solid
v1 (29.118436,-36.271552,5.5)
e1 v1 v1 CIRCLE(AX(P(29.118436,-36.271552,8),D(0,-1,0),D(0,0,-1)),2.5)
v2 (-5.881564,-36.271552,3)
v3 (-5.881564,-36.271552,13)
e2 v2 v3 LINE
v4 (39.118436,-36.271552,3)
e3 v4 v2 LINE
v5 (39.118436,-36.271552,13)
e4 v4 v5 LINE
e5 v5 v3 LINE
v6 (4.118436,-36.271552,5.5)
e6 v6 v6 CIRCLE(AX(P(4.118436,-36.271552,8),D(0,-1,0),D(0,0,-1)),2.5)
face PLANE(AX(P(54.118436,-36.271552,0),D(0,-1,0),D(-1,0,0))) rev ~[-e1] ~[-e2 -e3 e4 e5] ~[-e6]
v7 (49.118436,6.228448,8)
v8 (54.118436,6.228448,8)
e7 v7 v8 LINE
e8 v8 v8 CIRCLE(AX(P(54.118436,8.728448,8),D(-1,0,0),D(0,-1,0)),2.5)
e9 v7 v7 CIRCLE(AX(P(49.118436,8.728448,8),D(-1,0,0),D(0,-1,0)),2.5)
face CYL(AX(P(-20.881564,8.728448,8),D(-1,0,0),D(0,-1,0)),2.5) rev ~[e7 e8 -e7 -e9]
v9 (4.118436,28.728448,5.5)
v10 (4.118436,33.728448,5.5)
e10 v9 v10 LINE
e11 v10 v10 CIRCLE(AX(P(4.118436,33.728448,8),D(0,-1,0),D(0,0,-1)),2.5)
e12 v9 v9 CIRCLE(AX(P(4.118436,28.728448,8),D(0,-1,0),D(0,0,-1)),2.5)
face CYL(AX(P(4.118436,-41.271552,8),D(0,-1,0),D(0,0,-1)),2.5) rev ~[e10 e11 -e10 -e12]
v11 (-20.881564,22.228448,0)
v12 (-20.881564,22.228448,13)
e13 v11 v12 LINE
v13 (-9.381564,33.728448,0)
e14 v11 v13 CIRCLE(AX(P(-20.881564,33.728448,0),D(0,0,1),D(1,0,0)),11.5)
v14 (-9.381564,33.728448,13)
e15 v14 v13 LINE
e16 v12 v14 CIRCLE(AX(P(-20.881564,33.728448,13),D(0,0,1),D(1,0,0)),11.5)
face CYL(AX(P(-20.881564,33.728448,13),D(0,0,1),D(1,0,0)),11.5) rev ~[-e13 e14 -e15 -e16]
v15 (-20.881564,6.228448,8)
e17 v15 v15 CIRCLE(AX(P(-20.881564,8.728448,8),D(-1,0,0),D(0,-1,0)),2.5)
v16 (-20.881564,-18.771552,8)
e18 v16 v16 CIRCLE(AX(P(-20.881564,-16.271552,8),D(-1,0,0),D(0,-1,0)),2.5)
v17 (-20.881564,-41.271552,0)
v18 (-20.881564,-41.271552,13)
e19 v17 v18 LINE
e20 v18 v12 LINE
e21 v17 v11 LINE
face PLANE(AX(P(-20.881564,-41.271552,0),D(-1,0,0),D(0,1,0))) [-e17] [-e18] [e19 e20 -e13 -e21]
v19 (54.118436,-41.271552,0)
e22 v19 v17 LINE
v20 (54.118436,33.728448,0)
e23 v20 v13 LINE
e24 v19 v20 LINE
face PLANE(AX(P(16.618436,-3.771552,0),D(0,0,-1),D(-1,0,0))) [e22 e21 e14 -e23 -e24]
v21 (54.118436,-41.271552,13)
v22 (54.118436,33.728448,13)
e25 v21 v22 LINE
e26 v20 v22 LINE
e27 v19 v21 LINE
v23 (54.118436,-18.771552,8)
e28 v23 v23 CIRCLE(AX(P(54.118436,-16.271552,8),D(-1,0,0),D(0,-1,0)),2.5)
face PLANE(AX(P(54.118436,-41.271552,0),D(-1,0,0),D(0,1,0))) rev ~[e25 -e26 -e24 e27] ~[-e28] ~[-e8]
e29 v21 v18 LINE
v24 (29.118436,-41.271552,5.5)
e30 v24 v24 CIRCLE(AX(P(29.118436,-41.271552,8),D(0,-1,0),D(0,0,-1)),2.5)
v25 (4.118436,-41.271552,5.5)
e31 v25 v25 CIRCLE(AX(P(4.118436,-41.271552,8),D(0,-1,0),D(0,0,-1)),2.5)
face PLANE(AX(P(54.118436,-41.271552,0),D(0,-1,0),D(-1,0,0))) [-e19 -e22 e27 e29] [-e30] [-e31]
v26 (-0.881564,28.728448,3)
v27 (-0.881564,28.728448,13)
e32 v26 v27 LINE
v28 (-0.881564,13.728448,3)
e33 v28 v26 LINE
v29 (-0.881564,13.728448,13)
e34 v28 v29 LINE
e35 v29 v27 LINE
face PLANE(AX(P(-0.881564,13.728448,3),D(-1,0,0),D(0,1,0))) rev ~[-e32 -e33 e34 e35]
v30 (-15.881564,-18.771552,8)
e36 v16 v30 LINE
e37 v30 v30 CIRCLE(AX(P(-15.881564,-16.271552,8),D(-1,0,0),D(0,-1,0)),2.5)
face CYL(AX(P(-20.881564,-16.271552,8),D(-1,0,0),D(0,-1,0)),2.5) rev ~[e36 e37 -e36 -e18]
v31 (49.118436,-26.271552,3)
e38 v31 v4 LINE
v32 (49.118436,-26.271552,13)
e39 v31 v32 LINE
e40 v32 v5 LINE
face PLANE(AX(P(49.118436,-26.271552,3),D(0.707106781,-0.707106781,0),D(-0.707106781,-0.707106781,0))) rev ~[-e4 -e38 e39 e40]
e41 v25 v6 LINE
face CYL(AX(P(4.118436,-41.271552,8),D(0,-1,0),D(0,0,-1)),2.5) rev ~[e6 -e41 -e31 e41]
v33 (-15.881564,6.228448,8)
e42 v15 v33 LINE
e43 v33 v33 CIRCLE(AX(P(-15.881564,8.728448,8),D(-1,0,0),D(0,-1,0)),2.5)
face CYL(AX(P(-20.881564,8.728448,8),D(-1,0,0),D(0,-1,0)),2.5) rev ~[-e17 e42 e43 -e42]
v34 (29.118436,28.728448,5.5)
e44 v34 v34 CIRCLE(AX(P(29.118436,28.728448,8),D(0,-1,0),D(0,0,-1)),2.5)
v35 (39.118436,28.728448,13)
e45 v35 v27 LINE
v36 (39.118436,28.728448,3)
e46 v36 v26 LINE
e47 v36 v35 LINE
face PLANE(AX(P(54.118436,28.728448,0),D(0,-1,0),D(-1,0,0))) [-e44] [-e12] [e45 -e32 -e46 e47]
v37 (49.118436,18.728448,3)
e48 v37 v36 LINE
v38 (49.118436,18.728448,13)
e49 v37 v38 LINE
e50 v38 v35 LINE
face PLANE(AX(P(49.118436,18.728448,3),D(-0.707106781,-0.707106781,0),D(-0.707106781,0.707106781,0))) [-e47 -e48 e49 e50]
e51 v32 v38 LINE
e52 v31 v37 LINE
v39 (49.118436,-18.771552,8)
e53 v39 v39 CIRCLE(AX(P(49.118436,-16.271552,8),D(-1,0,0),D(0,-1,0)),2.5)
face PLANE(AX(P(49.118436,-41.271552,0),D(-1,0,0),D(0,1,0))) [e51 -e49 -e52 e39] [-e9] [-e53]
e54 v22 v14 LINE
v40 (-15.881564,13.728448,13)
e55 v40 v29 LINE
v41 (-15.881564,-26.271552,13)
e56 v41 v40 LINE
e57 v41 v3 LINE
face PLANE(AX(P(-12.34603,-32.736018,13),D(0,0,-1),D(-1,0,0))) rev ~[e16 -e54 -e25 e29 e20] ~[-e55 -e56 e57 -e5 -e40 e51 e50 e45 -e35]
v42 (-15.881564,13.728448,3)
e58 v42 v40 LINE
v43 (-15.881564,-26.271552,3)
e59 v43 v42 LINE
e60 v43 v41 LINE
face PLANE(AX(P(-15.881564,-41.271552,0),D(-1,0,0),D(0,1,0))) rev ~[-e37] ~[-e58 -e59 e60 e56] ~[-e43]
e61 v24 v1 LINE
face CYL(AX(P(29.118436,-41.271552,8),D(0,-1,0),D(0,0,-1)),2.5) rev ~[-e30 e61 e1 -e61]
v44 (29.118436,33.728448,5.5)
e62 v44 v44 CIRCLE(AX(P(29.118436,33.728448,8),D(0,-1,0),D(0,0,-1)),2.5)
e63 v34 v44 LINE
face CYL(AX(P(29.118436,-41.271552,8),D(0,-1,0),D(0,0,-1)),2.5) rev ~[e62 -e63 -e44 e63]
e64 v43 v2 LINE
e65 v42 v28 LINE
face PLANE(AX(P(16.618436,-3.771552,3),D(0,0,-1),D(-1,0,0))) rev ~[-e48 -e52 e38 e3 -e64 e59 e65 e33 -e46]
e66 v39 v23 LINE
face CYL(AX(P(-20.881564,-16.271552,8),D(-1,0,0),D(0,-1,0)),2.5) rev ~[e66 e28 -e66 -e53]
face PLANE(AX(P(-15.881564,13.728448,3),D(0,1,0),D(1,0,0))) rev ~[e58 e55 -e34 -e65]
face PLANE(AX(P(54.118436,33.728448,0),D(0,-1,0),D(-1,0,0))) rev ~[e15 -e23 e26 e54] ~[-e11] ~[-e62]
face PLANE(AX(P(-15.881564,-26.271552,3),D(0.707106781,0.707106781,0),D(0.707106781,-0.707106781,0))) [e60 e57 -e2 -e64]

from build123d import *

# Parameters (mm, degrees)
BOSS_EXTRU_1_DEPTH        = 13
COQUE1_T                  = -5
COQUE1_THICKNESS_2_FACE_W = 65
COQUE1_THICKNESS_2_FACE_H = 65
COQUE1_THICKNESS_2_DEPTH  = 2
ENL_V_MAT_EXTRU_1_REACH   = 88.587
ESQUISSE2_R               = 2.5
ENL_V_MAT_EXTRU_2_REACH   = 95.396
ESQUISSE3_R               = 2.5
ESQUISSE4_W               = 15
ESQUISSE4_H               = 15
BOSS_EXTRU_2_DEPTH        = 10
ESQUISSE5_R               = 11.5
ENL_V_MAT_EXTRU_3_DEPTH   = 13


with BuildPart() as part:
    # Esquisse1 → Boss.-Extru.1 (new body)
    with BuildSketch(Plane.XY):
        Polygon((44.118436308, 33.728448276), (54.118436308, 33.728448276), (54.118436308, 23.728448276), (54.118436308, -41.271551724), (-20.881563692, -41.271551724), (-20.881563692, 33.728448276), align=None)
    extrude(amount=BOSS_EXTRU_1_DEPTH)

    # Coque1
    coque1_openings = [part.faces().sort_by_distance(p)[0] for p in [
        (16.618436308, -3.771551724, 13),
    ]]
    offset(amount=COQUE1_T, openings=coque1_openings, kind=Kind.INTERSECTION)

    # Coque1 thickness 2 face (on inner face of the shell) → Coque1 thickness 2 (cut)
    with BuildSketch(Plane(origin=(16.618436308, -3.771551724, 5), x_dir=(-1, 0, 0), z_dir=(0, 0, -1))):
        Rectangle(COQUE1_THICKNESS_2_FACE_W, COQUE1_THICKNESS_2_FACE_H)
    extrude(amount=COQUE1_THICKNESS_2_DEPTH, mode=Mode.SUBTRACT)

    # Enlèv. mat.-Extru.1: up to this face of the body (flat: up to its plane)
    enl_v_mat_extru_1_end = Plane(part.part.faces().sort_by_distance((54.118436308, -3.771551724, 6.5))[0])
    # Esquisse2 → Enlèv. mat.-Extru.1 (cut, up to the picked face)
    with BuildSketch(Plane.ZY.offset(20.881563692), mode=Mode.PRIVATE) as enl_v_mat_extru_1_sk1:
        with Locations(Location((8, -16.271551724, 0), (0, 0, 270))):
            Circle(ESQUISSE2_R)
    enl_v_mat_extru_1_tool1 = split(extrude(enl_v_mat_extru_1_sk1.sketch, amount=-ENL_V_MAT_EXTRU_1_REACH, mode=Mode.PRIVATE), bisect_by=enl_v_mat_extru_1_end, keep=Keep.BOTH, mode=Mode.PRIVATE)
    # Esquisse2 → Enlèv. mat.-Extru.1 (cut, up to the picked face)
    with BuildSketch(Plane.ZY.offset(20.881563692), mode=Mode.PRIVATE) as enl_v_mat_extru_1_sk2:
        with Locations(Location((8, 8.728448276, 0), (0, 0, 270))):
            Circle(ESQUISSE2_R)
    enl_v_mat_extru_1_tool2 = split(extrude(enl_v_mat_extru_1_sk2.sketch, amount=-ENL_V_MAT_EXTRU_1_REACH, mode=Mode.PRIVATE), bisect_by=enl_v_mat_extru_1_end, keep=Keep.BOTH, mode=Mode.PRIVATE)
    add(enl_v_mat_extru_1_tool1.solids().sort_by(Axis((-20.881564, -16.271552, 8), (1, 0, 0)))[0], mode=Mode.SUBTRACT)
    add(enl_v_mat_extru_1_tool2.solids().sort_by(Axis((-20.881564, 8.728448, 8), (1, 0, 0)))[0], mode=Mode.SUBTRACT)

    # Enlèv. mat.-Extru.2: up to this face of the body (flat: up to its plane)
    enl_v_mat_extru_2_end = Plane(part.part.faces().sort_by_distance((16.618436308, 33.728448276, 6.5))[0])
    # Esquisse3 → Enlèv. mat.-Extru.2 (cut, up to the picked face)
    with BuildSketch(Plane.XZ.offset(41.271551724), mode=Mode.PRIVATE) as enl_v_mat_extru_2_sk1:
        with Locations(Location((4.118436308, 8, 0), (0, 0, 270))):
            Circle(ESQUISSE3_R)
    enl_v_mat_extru_2_tool1 = split(extrude(enl_v_mat_extru_2_sk1.sketch, amount=-ENL_V_MAT_EXTRU_2_REACH, mode=Mode.PRIVATE), bisect_by=enl_v_mat_extru_2_end, keep=Keep.BOTH, mode=Mode.PRIVATE)
    # Esquisse3 → Enlèv. mat.-Extru.2 (cut, up to the picked face)
    with BuildSketch(Plane.XZ.offset(41.271551724), mode=Mode.PRIVATE) as enl_v_mat_extru_2_sk2:
        with Locations(Location((29.118436308, 8, 0), (0, 0, 270))):
            Circle(ESQUISSE3_R)
    enl_v_mat_extru_2_tool2 = split(extrude(enl_v_mat_extru_2_sk2.sketch, amount=-ENL_V_MAT_EXTRU_2_REACH, mode=Mode.PRIVATE), bisect_by=enl_v_mat_extru_2_end, keep=Keep.BOTH, mode=Mode.PRIVATE)
    add(enl_v_mat_extru_2_tool1.solids().sort_by(Axis((4.118436, -41.271552, 8), (0, 1, 0)))[0], mode=Mode.SUBTRACT)
    add(enl_v_mat_extru_2_tool2.solids().sort_by(Axis((29.118436, -41.271552, 8), (0, 1, 0)))[0], mode=Mode.SUBTRACT)

    # Esquisse4 → Boss.-Extru.2 (add)
    with BuildSketch(Plane.XY.offset(3)):
        Polygon((-15.881563692, -26.271551724), (-5.881563692, -36.271551724), (-15.881563692, -36.271551724), align=None)
        Polygon((49.118436308, 28.728448276), (49.118436308, 18.728448276), (39.118436308, 28.728448276), align=None)
        Polygon((49.118436308, -36.271551724), (49.118436308, -26.271551724), (39.118436308, -36.271551724), align=None)
        with Locations((-8.381563692, 21.228448276)):
            Rectangle(ESQUISSE4_W, ESQUISSE4_H)
    extrude(amount=BOSS_EXTRU_2_DEPTH)

    # Esquisse5 → Enlèv. mat.-Extru.3 (cut)
    with BuildSketch(Plane.XY.offset(13)):
        with Locations((-20.881563692, 33.728448276)):
            Circle(ESQUISSE5_R)
    extrude(amount=-ENL_V_MAT_EXTRU_3_DEPTH, mode=Mode.SUBTRACT)


solid = part.part
